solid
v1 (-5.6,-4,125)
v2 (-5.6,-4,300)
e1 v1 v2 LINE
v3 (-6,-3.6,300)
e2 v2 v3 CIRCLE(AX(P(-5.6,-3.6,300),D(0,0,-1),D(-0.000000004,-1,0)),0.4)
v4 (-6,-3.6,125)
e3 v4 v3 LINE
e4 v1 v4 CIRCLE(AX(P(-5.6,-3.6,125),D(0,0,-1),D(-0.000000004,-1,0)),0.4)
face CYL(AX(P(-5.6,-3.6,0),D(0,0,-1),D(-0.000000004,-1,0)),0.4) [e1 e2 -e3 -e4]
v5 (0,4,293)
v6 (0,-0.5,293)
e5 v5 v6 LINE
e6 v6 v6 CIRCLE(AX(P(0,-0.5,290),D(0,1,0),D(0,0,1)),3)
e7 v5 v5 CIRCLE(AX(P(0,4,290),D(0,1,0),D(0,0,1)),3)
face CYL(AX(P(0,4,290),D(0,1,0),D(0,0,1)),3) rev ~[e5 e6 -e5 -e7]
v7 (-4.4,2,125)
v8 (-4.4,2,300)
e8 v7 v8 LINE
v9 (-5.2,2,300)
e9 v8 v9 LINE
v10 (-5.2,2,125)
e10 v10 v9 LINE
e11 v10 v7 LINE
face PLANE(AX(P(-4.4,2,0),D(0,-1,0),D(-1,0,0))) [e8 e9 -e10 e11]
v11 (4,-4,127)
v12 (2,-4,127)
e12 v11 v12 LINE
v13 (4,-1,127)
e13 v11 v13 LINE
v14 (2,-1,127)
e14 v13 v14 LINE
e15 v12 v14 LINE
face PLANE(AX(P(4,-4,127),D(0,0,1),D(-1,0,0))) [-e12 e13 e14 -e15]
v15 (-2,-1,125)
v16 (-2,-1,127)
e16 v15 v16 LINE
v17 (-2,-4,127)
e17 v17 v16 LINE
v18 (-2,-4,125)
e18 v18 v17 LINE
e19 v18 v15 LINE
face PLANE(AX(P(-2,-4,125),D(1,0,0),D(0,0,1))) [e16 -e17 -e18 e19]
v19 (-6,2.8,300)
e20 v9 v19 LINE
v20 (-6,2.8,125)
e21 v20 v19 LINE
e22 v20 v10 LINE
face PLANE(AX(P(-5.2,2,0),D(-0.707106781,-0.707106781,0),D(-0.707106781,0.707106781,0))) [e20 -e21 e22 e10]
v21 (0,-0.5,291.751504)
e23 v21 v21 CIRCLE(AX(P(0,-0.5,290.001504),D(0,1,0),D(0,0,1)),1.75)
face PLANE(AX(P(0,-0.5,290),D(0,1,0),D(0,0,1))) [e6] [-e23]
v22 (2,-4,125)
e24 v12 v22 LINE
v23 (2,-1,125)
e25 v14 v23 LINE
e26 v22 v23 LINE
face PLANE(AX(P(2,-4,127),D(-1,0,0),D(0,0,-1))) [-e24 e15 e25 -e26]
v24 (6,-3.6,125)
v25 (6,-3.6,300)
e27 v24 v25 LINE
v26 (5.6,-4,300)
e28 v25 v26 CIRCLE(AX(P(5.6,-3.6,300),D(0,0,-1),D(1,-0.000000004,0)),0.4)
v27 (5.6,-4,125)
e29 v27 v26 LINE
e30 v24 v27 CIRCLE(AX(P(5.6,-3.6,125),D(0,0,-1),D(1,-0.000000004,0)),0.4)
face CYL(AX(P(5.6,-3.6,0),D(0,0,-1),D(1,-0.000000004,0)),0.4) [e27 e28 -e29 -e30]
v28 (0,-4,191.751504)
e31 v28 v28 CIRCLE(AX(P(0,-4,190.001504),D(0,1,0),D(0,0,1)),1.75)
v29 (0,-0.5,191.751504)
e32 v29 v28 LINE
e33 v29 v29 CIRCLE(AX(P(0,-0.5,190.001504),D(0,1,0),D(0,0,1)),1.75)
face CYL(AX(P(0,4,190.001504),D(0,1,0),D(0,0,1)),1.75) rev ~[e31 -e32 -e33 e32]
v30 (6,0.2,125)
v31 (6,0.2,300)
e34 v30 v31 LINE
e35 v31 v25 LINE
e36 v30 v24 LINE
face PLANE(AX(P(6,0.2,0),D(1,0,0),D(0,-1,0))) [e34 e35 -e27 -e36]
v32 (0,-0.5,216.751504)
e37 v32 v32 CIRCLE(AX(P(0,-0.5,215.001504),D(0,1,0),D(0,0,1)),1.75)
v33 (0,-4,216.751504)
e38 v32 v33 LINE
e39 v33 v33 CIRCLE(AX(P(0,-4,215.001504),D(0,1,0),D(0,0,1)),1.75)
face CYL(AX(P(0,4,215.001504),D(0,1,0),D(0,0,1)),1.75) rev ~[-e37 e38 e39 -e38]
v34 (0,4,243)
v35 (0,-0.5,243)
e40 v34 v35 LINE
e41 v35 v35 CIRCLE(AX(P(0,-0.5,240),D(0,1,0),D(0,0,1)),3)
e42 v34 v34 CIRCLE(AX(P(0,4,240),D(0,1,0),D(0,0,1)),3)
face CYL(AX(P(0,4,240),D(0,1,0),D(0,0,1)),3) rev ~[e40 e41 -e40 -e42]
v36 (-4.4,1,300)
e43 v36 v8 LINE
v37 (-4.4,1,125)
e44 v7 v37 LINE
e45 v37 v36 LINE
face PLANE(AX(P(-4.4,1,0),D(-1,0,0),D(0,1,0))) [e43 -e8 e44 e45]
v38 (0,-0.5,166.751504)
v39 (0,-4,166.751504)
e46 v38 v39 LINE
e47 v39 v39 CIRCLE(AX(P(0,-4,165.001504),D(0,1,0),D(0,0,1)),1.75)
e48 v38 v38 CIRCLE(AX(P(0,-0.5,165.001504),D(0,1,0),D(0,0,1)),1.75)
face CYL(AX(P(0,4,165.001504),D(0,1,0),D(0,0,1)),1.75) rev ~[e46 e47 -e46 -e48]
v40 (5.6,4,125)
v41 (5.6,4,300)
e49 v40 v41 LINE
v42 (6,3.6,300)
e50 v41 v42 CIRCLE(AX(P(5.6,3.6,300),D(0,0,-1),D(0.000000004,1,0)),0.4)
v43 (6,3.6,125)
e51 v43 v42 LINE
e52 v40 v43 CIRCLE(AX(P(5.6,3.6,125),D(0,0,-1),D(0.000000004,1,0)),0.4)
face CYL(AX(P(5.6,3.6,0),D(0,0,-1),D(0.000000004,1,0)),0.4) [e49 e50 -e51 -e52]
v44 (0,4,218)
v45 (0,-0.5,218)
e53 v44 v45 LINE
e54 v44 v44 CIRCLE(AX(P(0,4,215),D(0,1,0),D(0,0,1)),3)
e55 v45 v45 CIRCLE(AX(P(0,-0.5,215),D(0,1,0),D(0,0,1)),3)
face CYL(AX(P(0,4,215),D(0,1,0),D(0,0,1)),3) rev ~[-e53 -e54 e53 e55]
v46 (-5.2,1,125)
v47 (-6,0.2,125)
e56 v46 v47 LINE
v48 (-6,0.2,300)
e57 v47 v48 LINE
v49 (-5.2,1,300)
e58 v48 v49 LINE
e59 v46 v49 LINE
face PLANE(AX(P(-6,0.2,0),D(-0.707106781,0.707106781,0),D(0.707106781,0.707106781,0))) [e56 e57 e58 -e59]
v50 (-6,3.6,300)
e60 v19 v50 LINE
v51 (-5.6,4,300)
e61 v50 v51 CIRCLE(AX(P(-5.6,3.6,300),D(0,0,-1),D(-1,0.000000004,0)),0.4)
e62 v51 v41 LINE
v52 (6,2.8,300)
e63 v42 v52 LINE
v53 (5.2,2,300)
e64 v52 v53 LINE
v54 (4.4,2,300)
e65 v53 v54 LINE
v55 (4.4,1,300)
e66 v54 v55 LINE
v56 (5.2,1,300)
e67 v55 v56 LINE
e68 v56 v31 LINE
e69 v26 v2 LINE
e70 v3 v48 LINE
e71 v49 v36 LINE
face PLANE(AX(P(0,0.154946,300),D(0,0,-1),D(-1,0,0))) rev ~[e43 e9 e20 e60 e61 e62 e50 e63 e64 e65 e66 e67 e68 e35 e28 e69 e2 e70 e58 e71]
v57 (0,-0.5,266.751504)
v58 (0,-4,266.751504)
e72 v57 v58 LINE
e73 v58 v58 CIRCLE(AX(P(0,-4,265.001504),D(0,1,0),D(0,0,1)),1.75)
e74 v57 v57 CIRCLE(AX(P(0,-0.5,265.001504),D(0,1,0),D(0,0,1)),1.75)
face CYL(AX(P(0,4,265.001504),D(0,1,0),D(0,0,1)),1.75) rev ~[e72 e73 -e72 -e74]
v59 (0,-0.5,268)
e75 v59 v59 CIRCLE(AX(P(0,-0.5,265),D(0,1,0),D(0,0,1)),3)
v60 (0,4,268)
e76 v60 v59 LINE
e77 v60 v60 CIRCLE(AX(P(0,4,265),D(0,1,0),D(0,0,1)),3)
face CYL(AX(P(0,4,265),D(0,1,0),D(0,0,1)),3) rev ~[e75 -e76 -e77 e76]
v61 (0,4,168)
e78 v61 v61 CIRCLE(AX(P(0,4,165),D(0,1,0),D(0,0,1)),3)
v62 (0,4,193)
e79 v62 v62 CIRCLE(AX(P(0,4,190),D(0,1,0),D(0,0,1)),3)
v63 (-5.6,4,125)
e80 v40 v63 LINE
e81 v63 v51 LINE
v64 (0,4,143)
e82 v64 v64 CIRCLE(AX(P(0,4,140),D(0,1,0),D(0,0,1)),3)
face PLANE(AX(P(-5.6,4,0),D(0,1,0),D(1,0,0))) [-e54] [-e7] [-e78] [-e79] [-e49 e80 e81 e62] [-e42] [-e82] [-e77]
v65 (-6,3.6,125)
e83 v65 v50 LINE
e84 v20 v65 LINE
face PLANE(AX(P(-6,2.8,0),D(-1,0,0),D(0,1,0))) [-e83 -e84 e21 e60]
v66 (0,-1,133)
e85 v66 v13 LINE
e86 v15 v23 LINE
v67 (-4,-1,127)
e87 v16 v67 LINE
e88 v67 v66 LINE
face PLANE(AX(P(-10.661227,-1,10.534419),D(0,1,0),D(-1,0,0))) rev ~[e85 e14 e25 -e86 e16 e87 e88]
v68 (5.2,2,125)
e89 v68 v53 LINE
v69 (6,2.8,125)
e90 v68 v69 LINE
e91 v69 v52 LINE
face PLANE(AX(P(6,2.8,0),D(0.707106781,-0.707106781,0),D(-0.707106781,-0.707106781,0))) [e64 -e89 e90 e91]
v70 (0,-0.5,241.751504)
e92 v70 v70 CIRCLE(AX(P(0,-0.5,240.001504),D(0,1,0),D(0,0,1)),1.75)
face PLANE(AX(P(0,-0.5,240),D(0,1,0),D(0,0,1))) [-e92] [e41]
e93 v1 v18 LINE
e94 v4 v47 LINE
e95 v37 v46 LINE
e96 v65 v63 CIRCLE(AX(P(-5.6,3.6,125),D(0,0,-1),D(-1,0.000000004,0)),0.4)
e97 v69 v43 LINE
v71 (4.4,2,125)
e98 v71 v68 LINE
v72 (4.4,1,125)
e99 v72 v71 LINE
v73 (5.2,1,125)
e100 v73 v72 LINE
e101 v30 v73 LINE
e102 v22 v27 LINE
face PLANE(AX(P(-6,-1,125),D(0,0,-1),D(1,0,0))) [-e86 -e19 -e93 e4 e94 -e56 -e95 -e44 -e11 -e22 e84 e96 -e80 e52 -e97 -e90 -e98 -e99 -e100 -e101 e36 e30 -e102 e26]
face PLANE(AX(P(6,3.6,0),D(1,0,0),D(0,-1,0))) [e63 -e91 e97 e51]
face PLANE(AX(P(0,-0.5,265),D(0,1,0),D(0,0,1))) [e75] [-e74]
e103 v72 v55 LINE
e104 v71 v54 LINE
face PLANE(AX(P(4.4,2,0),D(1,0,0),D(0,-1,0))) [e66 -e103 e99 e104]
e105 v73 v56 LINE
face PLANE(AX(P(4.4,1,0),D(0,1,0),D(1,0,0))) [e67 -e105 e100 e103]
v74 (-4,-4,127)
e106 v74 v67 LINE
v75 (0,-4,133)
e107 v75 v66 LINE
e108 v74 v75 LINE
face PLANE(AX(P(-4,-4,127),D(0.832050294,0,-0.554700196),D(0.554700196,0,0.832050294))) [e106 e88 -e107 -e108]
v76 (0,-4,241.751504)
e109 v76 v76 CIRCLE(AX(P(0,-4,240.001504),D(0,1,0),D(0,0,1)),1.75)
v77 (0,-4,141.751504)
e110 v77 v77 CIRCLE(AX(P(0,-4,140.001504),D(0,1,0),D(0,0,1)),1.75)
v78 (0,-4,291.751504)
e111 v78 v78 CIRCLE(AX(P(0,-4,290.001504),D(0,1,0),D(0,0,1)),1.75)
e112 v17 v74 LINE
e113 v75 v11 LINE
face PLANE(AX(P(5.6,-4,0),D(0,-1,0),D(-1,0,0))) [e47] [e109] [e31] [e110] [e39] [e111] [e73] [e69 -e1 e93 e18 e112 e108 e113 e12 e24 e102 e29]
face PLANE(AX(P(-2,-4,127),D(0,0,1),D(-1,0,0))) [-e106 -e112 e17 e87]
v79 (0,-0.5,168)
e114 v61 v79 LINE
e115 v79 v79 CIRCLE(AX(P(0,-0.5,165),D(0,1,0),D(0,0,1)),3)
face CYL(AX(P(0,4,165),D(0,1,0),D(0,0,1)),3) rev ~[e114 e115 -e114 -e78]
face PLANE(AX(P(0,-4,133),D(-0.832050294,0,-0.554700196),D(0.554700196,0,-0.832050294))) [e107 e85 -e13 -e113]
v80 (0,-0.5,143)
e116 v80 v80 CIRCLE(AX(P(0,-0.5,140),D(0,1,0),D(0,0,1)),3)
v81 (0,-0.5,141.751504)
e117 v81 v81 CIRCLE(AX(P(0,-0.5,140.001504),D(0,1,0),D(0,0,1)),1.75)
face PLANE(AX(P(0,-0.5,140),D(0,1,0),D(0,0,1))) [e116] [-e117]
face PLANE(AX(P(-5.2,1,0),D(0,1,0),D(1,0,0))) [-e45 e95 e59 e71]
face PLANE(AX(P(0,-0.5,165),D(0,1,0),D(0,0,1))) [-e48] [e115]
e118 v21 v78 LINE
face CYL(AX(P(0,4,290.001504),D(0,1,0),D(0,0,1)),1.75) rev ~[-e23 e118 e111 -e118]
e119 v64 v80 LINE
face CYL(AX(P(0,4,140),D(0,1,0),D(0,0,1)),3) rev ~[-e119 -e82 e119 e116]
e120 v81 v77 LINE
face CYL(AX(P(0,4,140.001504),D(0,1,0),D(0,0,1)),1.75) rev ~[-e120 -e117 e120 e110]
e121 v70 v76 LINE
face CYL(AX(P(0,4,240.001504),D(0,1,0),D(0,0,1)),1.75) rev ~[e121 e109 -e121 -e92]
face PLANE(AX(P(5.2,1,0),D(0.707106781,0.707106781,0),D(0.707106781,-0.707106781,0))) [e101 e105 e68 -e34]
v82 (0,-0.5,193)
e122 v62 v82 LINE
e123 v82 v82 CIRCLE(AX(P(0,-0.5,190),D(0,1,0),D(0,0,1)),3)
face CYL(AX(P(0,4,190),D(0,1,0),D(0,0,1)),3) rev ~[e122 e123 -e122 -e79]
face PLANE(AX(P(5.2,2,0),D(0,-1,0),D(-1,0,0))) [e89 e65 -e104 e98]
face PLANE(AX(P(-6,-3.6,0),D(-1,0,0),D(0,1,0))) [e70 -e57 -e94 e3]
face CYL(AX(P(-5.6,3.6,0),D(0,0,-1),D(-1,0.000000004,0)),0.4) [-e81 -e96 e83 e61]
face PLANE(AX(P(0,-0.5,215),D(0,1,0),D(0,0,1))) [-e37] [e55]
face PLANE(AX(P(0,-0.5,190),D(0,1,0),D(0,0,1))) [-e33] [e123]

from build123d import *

# Parameters (mm, degrees)
BOSS_EXTRUDE1_DEPTH = 300
SKETCH2_R           = 3
CUT_EXTRUDE1_DEPTH  = 4.5
SKETCH3_R           = 1.75
CUT_EXTRUDE2_DEPTH  = 301.166620396
CUT_EXTRUDE3_DEPTH  = 3
SKETCH5_W           = 12
SKETCH5_H           = 125
CUT_EXTRUDE5_DEPTH  = 301.101649446


with BuildPart() as part:
    # Sketch1 → Boss-Extrude1 (new body)
    with BuildSketch(Plane.XY):
        with BuildLine():
            Line((-5.6, 4), (5.6, 4))
            ThreePointArc((5.6, 4), (5.882842712, 3.882842712), (6, 3.6))
            Line((6, 3.6), (6, 2.8))
            Line((6, 2.8), (5.2, 2))
            Line((5.2, 2), (4.4, 2))
            Line((4.4, 2), (4.4, 1))
            Line((4.4, 1), (5.2, 1))
            Line((5.2, 1), (6, 0.2))
            Line((6, 0.2), (6, -3.6))
            ThreePointArc((6, -3.6), (5.882842712, -3.882842712), (5.6, -4))
            Line((5.6, -4), (-5.6, -4))
            ThreePointArc((-5.6, -4), (-5.882842712, -3.882842712), (-6, -3.6))
            Line((-6, -3.6), (-6, 0.2))
            Line((-6, 0.2), (-5.2, 1))
            Line((-5.2, 1), (-4.4, 1))
            Line((-4.4, 1), (-4.4, 2))
            Line((-4.4, 2), (-5.2, 2))
            Line((-5.2, 2), (-6, 2.8))
            Line((-6, 2.8), (-6, 3.6))
            ThreePointArc((-6, 3.6), (-5.882842712, 3.882842712), (-5.6, 4))
        make_face()
    extrude(amount=BOSS_EXTRUDE1_DEPTH)

    # Sketch2 → Cut-Extrude1 (cut)
    with BuildSketch(Plane(origin=(0, 4, 0), x_dir=(1, 0, 0), z_dir=(0, 1, 0))):
        with Locations(Location((0, -290, 0), (0, 0, 270))):
            Circle(SKETCH2_R)
        with Locations(Location((0, -265, 0), (0, 0, 270))):
            Circle(SKETCH2_R)
        with Locations(Location((0, -240, 0), (0, 0, 270))):
            Circle(SKETCH2_R)
        with Locations(Location((0, -215, 0), (0, 0, 270))):
            Circle(SKETCH2_R)
        with Locations(Location((0, -190, 0), (0, 0, 270))):
            Circle(SKETCH2_R)
        with Locations(Location((0, -165, 0), (0, 0, 270))):
            Circle(SKETCH2_R)
        with Locations(Location((0, -140, 0), (0, 0, 270))):
            Circle(SKETCH2_R)
        with Locations(Location((0, -115, 0), (0, 0, 270))):
            Circle(SKETCH2_R)
        with Locations(Location((0, -90, 0), (0, 0, 270))):
            Circle(SKETCH2_R)
        with Locations(Location((0, -65, 0), (0, 0, 270))):
            Circle(SKETCH2_R)
        with Locations(Location((0, -40, 0), (0, 0, 270))):
            Circle(SKETCH2_R)
        with Locations(Location((0, -15, 0), (0, 0, 270))):
            Circle(SKETCH2_R)
        with Locations((0, 10)):
            Circle(SKETCH2_R)
        with Locations((0, 35)):
            Circle(SKETCH2_R)
        with Locations((0, 60)):
            Circle(SKETCH2_R)
        with Locations((0, 85)):
            Circle(SKETCH2_R)
        with Locations((0, 110)):
            Circle(SKETCH2_R)
        with Locations((0, 135)):
            Circle(SKETCH2_R)
    extrude(amount=-CUT_EXTRUDE1_DEPTH, mode=Mode.SUBTRACT)

    # Sketch3 → Cut-Extrude2 (cut, through all)
    with BuildSketch(Plane(origin=(0, 4, 0), x_dir=(1, 0, 0), z_dir=(0, 1, 0))):
        with Locations(Location((0, -290.001504258, 0), (0, 0, 270))):
            Circle(SKETCH3_R)
        with Locations(Location((0, -265.001504258, 0), (0, 0, 270))):
            Circle(SKETCH3_R)
        with Locations(Location((0, -240.001504258, 0), (0, 0, 270))):
            Circle(SKETCH3_R)
        with Locations(Location((0, -215.001504258, 0), (0, 0, 270))):
            Circle(SKETCH3_R)
        with Locations(Location((0, -190.001504258, 0), (0, 0, 270))):
            Circle(SKETCH3_R)
        with Locations(Location((0, -165.001504258, 0), (0, 0, 270))):
            Circle(SKETCH3_R)
        with Locations(Location((0, -140.001504258, 0), (0, 0, 270))):
            Circle(SKETCH3_R)
        with Locations(Location((0, -115.001504258, 0), (0, 0, 270))):
            Circle(SKETCH3_R)
        with Locations(Location((0, -90.001504258, 0), (0, 0, 270))):
            Circle(SKETCH3_R)
        with Locations(Location((0, -65.001504258, 0), (0, 0, 270))):
            Circle(SKETCH3_R)
        with Locations(Location((0, -40.001504258, 0), (0, 0, 270))):
            Circle(SKETCH3_R)
        with Locations(Location((0, -15.001504258, 0), (0, 0, 270))):
            Circle(SKETCH3_R)
        with Locations((0, 9.998495742)):
            Circle(SKETCH3_R)
        with Locations((0, 34.998495742)):
            Circle(SKETCH3_R)
        with Locations((0, 59.998495742)):
            Circle(SKETCH3_R)
    extrude(amount=-CUT_EXTRUDE2_DEPTH, mode=Mode.SUBTRACT)

    # Sketch4 → Cut-Extrude3 (cut)
    with BuildSketch(Plane.XZ.offset(4)):
        Polygon((-6, 125), (-2, 125), (-2, 127), (-4, 127), (0, 133), (4, 127), (2, 127), (2, 125), (6, 125), (29.677261244, -70.087794046), (-63.472645217, -88.905956967), align=None)
    extrude(amount=-CUT_EXTRUDE3_DEPTH, mode=Mode.SUBTRACT)

    # Sketch5 → Cut-Extrude5 (cut, through all)
    with BuildSketch(Plane.XZ.offset(1)):
        with Locations((0, 62.5)):
            Rectangle(SKETCH5_W, SKETCH5_H)
    extrude(amount=-CUT_EXTRUDE5_DEPTH, mode=Mode.SUBTRACT)


solid = part.part
